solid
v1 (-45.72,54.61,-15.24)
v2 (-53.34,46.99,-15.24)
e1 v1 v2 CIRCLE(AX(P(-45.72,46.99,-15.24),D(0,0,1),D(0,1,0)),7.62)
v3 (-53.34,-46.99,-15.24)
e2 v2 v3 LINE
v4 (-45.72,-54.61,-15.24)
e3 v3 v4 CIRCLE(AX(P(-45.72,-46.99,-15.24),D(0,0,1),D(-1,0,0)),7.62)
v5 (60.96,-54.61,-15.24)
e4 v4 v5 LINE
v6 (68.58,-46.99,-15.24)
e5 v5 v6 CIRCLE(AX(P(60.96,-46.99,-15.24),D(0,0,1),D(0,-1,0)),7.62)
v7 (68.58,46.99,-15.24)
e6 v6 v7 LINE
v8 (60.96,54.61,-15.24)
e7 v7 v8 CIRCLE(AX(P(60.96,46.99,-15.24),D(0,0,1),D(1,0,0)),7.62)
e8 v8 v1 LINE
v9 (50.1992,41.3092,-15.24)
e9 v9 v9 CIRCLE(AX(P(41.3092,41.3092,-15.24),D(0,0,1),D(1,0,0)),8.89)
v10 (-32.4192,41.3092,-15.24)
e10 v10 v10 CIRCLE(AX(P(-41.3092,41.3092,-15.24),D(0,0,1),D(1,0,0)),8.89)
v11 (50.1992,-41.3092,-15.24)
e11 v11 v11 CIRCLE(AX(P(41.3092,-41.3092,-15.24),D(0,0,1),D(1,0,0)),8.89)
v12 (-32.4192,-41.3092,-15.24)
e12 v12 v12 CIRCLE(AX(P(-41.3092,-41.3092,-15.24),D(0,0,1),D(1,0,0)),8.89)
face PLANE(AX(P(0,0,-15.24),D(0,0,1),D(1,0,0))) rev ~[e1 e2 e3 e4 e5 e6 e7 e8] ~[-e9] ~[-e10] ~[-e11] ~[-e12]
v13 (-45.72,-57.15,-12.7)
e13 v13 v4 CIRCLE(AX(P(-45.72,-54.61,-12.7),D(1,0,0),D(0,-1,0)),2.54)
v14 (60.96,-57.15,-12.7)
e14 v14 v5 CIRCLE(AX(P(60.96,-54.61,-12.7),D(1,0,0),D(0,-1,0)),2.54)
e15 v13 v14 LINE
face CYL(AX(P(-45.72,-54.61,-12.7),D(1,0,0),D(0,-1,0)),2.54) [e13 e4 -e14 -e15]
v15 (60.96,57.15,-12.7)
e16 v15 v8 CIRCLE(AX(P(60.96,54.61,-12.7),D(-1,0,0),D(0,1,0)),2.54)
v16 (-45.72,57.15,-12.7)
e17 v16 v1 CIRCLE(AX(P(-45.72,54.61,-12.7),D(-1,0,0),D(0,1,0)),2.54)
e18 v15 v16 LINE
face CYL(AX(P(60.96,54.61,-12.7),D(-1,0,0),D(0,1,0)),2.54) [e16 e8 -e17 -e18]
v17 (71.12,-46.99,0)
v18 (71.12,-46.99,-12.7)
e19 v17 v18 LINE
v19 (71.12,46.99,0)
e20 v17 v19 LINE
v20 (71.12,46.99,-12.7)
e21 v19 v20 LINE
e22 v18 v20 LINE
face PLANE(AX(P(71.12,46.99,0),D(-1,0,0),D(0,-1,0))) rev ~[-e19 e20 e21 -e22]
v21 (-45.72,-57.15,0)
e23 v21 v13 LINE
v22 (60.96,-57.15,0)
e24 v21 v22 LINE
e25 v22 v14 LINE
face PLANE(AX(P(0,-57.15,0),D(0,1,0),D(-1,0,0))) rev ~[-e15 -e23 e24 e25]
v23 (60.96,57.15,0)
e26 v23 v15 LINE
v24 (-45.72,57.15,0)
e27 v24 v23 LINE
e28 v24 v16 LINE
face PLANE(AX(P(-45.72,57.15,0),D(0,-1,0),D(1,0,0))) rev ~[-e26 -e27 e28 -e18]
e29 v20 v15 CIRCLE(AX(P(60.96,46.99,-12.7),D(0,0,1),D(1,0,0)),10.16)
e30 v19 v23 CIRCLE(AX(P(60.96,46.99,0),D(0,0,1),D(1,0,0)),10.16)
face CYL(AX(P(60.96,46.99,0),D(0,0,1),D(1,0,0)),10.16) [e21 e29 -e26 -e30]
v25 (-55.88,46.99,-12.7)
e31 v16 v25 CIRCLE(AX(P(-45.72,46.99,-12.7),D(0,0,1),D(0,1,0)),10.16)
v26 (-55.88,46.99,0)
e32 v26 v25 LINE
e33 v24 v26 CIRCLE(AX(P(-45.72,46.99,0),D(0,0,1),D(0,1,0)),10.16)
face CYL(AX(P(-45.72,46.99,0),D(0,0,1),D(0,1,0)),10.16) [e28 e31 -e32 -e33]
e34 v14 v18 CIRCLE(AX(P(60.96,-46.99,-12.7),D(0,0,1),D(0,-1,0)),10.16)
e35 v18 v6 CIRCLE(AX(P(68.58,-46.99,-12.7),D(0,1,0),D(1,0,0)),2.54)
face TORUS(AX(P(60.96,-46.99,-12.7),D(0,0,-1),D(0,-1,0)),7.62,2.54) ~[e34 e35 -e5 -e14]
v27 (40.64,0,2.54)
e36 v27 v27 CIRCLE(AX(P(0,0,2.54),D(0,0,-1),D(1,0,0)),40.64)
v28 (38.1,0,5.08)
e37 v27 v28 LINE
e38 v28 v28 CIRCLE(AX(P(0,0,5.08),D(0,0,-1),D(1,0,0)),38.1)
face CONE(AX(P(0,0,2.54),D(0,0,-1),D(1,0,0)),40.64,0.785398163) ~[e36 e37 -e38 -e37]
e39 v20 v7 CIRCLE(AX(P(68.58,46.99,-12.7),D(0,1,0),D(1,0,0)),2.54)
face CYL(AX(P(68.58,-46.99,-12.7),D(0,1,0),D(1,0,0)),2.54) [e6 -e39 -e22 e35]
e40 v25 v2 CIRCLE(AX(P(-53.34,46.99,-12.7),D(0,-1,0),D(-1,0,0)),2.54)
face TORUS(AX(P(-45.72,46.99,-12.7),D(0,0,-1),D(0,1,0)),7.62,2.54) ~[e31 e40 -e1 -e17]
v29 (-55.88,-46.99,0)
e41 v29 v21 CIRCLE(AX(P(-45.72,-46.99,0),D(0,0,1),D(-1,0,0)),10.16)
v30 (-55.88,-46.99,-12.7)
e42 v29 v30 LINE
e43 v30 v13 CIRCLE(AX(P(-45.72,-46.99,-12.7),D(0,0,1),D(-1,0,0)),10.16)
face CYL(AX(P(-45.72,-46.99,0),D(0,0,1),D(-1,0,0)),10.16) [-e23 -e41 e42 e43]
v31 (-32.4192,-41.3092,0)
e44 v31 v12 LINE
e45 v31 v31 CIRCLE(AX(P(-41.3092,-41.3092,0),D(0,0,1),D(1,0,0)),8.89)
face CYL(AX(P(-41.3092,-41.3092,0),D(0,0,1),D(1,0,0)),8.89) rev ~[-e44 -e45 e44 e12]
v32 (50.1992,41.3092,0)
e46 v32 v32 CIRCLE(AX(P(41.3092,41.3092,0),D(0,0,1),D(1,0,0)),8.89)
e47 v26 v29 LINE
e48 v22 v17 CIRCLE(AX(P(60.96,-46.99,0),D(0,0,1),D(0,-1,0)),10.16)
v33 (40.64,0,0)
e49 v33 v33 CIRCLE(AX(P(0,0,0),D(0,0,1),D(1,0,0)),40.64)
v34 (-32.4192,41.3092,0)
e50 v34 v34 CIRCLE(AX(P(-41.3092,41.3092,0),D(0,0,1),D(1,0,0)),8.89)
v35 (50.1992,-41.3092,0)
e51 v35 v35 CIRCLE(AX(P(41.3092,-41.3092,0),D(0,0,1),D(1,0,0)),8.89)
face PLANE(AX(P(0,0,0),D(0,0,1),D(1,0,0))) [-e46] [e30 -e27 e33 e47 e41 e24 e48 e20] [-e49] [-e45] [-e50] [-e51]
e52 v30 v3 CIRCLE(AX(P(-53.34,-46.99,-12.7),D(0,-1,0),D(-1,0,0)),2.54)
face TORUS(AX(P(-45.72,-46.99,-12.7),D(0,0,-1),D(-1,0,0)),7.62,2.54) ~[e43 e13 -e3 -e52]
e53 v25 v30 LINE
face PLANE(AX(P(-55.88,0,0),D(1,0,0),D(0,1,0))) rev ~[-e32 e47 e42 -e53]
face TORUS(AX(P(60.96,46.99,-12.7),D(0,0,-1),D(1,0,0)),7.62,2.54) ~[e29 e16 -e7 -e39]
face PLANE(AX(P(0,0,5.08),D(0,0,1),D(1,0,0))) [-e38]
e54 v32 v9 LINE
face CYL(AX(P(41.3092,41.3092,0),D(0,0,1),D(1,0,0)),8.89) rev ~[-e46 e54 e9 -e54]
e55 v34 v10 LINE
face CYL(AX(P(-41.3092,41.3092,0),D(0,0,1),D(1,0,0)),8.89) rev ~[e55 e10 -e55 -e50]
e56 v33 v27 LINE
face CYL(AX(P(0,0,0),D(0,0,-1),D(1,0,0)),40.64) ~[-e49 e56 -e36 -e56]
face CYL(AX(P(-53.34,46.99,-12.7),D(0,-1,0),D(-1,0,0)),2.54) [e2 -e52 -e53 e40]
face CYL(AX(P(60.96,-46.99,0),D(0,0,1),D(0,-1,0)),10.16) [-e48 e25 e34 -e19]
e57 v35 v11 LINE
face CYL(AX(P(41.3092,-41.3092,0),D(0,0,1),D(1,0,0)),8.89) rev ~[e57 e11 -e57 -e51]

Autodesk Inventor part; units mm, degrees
ref_plane "YZ Plane" through (0, 0, 0) normal (1, 0, 0) x (0, 1, 0)
ref_plane "XZ Plane" through (0, 0, 0) normal (0, 1, 0) x (-1, 0, 0)
ref_plane "XY Plane" through (0, 0, 0) normal (0, 0, 1) x (1, 0, 0)
sketch "Sketch1" plane through (0, 0, 0) normal (0, 0, 1) x (1, 0, 0)
  line L0 (-45.72, 57.15) -> (60.96, 57.15)
  line L1 (71.12, 46.99) -> (71.12, -46.99)
  line L2 (60.96, -57.15) -> (-45.72, -57.15)
  line L3 (-55.88, -46.99) -> (-55.88, 46.99)
  line L4 (-85.7425, 0) -> (99.7187, 0) projected
  line L5 (0, -82.9559) -> (0, 82.9559) projected
  circle A0 centre (0, 0) radius 40.64
  circle A1 centre (0, 0) radius 58.42 construction
  line L6 (0, 0) -> (-59.2481, 59.2481) construction
  circle A2 centre (-41.3092, 41.3092) radius 8.89
  circle A3 centre (-41.3092, -41.3092) radius 8.89
  circle A4 centre (41.3092, -41.3092) radius 8.89
  circle A5 centre (41.3092, 41.3092) radius 8.89
  arc A6 (-45.72, 57.15) -> (-55.88, 46.99) centre (-45.72, 46.99) ccw
  arc A7 (71.12, 46.99) -> (60.96, 57.15) centre (60.96, 46.99) ccw
  arc A8 (60.96, -57.15) -> (71.12, -46.99) centre (60.96, -46.99) ccw
  arc A9 (-55.88, -46.99) -> (-45.72, -57.15) centre (-45.72, -46.99) ccw
  point P0 (71.12, -57.15)
  point P1 (71.12, 57.15)
  point P2 (-55.88, -57.15)
  point P3 (71.12, 0)
  dimension "d4" = 116.84
  dimension "d0" = 127
  dimension "d1" = 114.3
  dimension "d2" = 55.88
  dimension "d3" = 81.28
  dimension "d5" = 45
  dimension "d6" = 17.78
  dimension "d9" = 360
  dimension "d11" = 10.16
  dimension "d12" = 59.2481
extrude "Extrusion1" add sketch "Sketch1" against normal blind 15.24
extrude "Extrusion2" add sketch "Sketch1" along normal blind 5.08 contours A0 L4 L5 | L5 L4 A0 | L5 A0 L4 | L4 A0 L5
chamfer "Chamfer1" distance 2.54 angle 45 1 edges at (-40.64, 0, 5.08) measured on face at (4.2922, -0.5549, 5.08)
fillet "Fillet1" radius 2.54 8 edges at (68.1442, 54.1742, -15.24) (71.12, 0, -15.24) (68.1442, -54.1742, -15.24) (7.62, -57.15, -15.24) (-52.9042, -54.1742, -15.24) (-55.88, 0, -15.24) (-52.9042, 54.1742, -15.24) (7.62, 57.15, -15.24)
equation "\"BendRadius\" = Thickness"
equation "\"BendReliefWidth\" = Thickness"
equation "\"BendReliefDepth\" = 0.5 * Thickness"
equation "\"CornerReliefSize\" = 4 * Thickness"
equation "\"MinimumRemnant\" = 2 * Thickness"
equation "\"TransitionRadius\" = BendRadius"
equation "\"JacobiRadiusSize\" = BendRadius"
equation "\"GapSize\" = Thickness"
equation "\"Thickness\" = 3.048"
properties part number "cylinder head" material "Aluminum 6061"
